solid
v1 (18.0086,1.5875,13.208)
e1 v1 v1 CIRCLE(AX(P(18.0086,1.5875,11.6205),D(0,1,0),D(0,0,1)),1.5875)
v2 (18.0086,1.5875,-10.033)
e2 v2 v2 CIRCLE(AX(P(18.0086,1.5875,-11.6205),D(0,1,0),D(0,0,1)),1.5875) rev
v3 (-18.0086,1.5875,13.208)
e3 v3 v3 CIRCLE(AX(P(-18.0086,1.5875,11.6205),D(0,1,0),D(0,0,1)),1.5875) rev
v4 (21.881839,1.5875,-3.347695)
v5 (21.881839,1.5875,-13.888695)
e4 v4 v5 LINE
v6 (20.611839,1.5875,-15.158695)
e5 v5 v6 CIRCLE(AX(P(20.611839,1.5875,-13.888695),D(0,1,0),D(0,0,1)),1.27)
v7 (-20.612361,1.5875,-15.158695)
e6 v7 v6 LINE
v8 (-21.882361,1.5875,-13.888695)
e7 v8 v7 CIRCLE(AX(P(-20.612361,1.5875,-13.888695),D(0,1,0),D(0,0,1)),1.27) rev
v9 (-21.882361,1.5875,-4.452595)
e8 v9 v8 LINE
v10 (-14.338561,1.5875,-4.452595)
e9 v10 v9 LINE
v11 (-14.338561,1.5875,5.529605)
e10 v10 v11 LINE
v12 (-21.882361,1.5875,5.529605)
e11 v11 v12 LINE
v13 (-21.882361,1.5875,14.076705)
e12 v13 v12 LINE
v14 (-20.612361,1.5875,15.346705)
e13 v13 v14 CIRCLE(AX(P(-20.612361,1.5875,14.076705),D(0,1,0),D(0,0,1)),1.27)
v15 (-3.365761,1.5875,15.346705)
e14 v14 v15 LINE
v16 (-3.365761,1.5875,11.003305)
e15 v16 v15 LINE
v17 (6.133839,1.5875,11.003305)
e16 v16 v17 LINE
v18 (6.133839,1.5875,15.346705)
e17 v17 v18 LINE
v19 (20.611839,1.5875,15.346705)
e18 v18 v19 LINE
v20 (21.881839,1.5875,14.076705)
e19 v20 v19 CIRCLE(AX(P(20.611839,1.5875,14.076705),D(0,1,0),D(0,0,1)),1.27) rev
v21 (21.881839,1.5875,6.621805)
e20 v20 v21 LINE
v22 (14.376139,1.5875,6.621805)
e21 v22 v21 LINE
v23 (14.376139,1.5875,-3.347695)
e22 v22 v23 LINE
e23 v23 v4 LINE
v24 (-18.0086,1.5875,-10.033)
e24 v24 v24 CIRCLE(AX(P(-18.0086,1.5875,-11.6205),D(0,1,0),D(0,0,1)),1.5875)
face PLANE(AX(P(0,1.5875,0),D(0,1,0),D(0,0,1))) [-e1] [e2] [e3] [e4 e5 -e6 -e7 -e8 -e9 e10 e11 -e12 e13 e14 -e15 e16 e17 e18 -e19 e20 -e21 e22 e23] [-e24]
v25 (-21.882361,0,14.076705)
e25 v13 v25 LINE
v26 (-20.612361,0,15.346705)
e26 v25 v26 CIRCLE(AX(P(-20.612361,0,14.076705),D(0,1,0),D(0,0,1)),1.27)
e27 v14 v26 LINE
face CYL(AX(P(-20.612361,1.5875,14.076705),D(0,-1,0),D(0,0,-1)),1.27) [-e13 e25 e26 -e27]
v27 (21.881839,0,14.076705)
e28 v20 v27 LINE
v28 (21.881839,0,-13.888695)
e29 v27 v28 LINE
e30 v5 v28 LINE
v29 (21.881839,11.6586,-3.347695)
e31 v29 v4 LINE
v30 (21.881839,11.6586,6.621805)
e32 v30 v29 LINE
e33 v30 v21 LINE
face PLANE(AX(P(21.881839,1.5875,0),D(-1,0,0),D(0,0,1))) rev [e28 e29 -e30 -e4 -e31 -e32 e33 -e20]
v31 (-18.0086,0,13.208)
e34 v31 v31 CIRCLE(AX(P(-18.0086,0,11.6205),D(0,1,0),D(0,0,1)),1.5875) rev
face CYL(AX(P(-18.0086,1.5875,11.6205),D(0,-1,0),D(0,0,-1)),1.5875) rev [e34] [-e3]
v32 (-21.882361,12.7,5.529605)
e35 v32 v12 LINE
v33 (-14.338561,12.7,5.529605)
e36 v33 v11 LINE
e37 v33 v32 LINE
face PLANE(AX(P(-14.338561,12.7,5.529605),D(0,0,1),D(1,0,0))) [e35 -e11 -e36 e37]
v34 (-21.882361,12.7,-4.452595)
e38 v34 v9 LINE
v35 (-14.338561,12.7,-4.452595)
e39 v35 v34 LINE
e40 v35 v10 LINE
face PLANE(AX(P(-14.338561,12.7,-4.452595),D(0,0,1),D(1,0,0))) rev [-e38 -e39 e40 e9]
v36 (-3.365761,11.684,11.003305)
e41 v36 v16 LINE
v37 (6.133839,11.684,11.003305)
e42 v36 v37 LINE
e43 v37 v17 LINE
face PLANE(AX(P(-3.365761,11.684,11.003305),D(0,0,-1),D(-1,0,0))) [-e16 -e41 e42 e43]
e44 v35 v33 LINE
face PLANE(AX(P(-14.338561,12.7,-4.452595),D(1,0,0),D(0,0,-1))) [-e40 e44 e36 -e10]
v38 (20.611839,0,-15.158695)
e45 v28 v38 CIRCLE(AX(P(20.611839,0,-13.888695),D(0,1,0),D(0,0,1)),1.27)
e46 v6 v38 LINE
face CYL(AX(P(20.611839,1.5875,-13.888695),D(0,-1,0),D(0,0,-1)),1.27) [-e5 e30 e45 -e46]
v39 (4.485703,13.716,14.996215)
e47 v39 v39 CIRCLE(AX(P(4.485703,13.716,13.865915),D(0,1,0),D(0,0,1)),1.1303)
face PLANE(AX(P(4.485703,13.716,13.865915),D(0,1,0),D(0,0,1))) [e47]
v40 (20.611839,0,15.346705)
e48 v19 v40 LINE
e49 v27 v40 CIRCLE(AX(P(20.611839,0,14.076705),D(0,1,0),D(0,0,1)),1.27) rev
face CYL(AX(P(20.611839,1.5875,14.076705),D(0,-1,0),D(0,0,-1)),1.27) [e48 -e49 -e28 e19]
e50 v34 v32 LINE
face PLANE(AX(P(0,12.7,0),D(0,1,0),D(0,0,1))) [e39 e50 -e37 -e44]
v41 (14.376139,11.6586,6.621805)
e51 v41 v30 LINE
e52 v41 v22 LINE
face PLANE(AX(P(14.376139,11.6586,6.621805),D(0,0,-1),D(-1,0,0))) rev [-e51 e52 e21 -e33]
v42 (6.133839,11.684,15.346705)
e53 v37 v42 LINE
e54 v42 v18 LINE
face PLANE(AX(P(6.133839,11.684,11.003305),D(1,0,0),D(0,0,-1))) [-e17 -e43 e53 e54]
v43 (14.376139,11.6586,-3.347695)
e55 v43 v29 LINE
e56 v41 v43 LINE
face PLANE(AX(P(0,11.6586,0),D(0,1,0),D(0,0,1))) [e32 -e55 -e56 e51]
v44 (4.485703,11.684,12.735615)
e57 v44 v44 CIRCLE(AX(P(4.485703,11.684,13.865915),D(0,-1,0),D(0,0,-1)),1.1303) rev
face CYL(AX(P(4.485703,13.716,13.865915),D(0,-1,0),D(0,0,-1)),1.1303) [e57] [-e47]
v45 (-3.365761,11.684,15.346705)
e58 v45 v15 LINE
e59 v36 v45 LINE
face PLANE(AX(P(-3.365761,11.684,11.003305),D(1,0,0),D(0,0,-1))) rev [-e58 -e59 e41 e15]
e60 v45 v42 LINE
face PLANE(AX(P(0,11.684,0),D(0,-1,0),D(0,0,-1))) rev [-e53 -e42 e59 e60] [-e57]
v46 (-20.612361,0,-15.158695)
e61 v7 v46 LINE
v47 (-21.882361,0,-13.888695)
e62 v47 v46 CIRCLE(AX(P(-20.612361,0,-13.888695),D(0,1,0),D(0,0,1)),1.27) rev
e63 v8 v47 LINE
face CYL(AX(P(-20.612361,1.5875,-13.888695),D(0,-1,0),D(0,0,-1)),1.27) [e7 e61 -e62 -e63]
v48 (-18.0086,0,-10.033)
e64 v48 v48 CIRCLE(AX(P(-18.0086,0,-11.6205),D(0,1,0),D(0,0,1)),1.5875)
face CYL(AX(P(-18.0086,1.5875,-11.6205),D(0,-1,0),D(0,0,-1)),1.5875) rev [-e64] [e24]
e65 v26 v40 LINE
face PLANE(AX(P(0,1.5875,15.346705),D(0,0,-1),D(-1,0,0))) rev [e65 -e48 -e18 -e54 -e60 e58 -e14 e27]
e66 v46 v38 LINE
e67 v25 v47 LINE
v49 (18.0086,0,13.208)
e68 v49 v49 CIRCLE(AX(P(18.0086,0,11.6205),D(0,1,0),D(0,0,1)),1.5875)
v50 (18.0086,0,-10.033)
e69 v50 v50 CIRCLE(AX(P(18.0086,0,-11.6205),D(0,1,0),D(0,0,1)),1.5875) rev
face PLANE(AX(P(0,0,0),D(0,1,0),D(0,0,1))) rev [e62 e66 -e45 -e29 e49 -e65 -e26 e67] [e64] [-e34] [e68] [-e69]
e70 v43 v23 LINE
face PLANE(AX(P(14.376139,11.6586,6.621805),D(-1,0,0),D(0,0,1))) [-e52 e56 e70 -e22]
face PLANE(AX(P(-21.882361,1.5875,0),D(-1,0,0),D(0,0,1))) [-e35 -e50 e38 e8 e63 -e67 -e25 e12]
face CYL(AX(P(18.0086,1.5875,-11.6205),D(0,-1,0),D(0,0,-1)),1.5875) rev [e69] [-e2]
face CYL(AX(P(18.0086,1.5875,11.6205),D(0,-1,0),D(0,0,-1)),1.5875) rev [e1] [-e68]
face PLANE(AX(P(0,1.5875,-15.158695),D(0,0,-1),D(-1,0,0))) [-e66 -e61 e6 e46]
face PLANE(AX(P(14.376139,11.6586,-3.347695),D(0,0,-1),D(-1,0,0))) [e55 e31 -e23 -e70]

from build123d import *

# Parameters (mm, degrees)
SKETCH1_R           = 1.5875
BOSS_EXTRUDE4_DEPTH = 1.5875
SKETCH2_W           = 7.5057
SKETCH2_H           = 9.9695
BOSS_EXTRUDE5_DEPTH = 10.0711
SKETCH3_W           = 9.4996
SKETCH3_H           = 4.3434
BOSS_EXTRUDE6_DEPTH = 10.0965
SKETCH5_R           = 1.1303
BOSS_EXTRUDE7_DEPTH = 2.032
SKETCH6_W           = 7.5438
SKETCH6_H           = 9.9822
BOSS_EXTRUDE8_DEPTH = 11.1125


with BuildPart() as part:
    # Sketch1 → Boss-Extrude4 (new body)
    with BuildSketch(Plane(origin=(0, 0, 0), x_dir=(1, 0, 0), z_dir=(0, 1, 0))):
        with BuildLine():
            Line((21.881838929, -14.076705181), (21.881838929, 13.888694819))
            ThreePointArc((21.881838929, 13.888694819), (21.509864541, 14.786720431), (20.611838929, 15.158694819))
            Line((20.611838929, 15.158694819), (-20.612361071, 15.158694819))
            ThreePointArc((-20.612361071, 15.158694819), (-21.510386683, 14.786720431), (-21.882361071, 13.888694819))
            Line((-21.882361071, 13.888694819), (-21.882361071, -14.076705181))
            ThreePointArc((-21.882361071, -14.076705181), (-21.510386683, -14.974730793), (-20.612361071, -15.346705181))
            Line((-20.612361071, -15.346705181), (20.611838929, -15.346705181))
            ThreePointArc((20.611838929, -15.346705181), (21.509864541, -14.974730793), (21.881838929, -14.076705181))
        make_face()
        with Locations(Location((18.0086, 11.6205, 0), (0, 0, 270))):
            Circle(SKETCH1_R, mode=Mode.SUBTRACT)
        with Locations(Location((-18.0086, 11.6205, 0), (0, 0, 270))):
            Circle(SKETCH1_R, mode=Mode.SUBTRACT)
        with Locations(Location((-18.0086, -11.6205, 0), (0, 0, 270))):
            Circle(SKETCH1_R, mode=Mode.SUBTRACT)
        with Locations(Location((18.0086, -11.6205, 0), (0, 0, 270))):
            Circle(SKETCH1_R, mode=Mode.SUBTRACT)
    extrude(amount=BOSS_EXTRUDE4_DEPTH)

    # Sketch2 → Boss-Extrude5 (add)
    with BuildSketch(Plane(origin=(0, 1.5875, 0), x_dir=(1, 0, 0), z_dir=(0, 1, 0))):
        with Locations((18.128988929, -1.637055181)):
            Rectangle(SKETCH2_W, SKETCH2_H)
    extrude(amount=BOSS_EXTRUDE5_DEPTH)

    # Sketch3 → Boss-Extrude6 (add)
    with BuildSketch(Plane(origin=(0, 1.5875, 0), x_dir=(1, 0, 0), z_dir=(0, 1, 0))):
        with Locations((1.384038929, -13.175005181)):
            Rectangle(SKETCH3_W, SKETCH3_H)
    extrude(amount=BOSS_EXTRUDE6_DEPTH)

    # Sketch5 → Boss-Extrude7 (add)
    with BuildSketch(Plane(origin=(0, 11.684, 0), x_dir=(1, 0, 0), z_dir=(0, 1, 0))):
        with Locations(Location((4.485703039, -13.865914998, 0), (0, 0, 90))):
            Circle(SKETCH5_R)
    extrude(amount=BOSS_EXTRUDE7_DEPTH)

    # Sketch6 → Boss-Extrude8 (add)
    with BuildSketch(Plane(origin=(0, 1.5875, 0), x_dir=(1, 0, 0), z_dir=(0, 1, 0))):
        with Locations((-18.110461071, -0.538505181)):
            Rectangle(SKETCH6_W, SKETCH6_H)
    extrude(amount=BOSS_EXTRUDE8_DEPTH)


solid = part.part
